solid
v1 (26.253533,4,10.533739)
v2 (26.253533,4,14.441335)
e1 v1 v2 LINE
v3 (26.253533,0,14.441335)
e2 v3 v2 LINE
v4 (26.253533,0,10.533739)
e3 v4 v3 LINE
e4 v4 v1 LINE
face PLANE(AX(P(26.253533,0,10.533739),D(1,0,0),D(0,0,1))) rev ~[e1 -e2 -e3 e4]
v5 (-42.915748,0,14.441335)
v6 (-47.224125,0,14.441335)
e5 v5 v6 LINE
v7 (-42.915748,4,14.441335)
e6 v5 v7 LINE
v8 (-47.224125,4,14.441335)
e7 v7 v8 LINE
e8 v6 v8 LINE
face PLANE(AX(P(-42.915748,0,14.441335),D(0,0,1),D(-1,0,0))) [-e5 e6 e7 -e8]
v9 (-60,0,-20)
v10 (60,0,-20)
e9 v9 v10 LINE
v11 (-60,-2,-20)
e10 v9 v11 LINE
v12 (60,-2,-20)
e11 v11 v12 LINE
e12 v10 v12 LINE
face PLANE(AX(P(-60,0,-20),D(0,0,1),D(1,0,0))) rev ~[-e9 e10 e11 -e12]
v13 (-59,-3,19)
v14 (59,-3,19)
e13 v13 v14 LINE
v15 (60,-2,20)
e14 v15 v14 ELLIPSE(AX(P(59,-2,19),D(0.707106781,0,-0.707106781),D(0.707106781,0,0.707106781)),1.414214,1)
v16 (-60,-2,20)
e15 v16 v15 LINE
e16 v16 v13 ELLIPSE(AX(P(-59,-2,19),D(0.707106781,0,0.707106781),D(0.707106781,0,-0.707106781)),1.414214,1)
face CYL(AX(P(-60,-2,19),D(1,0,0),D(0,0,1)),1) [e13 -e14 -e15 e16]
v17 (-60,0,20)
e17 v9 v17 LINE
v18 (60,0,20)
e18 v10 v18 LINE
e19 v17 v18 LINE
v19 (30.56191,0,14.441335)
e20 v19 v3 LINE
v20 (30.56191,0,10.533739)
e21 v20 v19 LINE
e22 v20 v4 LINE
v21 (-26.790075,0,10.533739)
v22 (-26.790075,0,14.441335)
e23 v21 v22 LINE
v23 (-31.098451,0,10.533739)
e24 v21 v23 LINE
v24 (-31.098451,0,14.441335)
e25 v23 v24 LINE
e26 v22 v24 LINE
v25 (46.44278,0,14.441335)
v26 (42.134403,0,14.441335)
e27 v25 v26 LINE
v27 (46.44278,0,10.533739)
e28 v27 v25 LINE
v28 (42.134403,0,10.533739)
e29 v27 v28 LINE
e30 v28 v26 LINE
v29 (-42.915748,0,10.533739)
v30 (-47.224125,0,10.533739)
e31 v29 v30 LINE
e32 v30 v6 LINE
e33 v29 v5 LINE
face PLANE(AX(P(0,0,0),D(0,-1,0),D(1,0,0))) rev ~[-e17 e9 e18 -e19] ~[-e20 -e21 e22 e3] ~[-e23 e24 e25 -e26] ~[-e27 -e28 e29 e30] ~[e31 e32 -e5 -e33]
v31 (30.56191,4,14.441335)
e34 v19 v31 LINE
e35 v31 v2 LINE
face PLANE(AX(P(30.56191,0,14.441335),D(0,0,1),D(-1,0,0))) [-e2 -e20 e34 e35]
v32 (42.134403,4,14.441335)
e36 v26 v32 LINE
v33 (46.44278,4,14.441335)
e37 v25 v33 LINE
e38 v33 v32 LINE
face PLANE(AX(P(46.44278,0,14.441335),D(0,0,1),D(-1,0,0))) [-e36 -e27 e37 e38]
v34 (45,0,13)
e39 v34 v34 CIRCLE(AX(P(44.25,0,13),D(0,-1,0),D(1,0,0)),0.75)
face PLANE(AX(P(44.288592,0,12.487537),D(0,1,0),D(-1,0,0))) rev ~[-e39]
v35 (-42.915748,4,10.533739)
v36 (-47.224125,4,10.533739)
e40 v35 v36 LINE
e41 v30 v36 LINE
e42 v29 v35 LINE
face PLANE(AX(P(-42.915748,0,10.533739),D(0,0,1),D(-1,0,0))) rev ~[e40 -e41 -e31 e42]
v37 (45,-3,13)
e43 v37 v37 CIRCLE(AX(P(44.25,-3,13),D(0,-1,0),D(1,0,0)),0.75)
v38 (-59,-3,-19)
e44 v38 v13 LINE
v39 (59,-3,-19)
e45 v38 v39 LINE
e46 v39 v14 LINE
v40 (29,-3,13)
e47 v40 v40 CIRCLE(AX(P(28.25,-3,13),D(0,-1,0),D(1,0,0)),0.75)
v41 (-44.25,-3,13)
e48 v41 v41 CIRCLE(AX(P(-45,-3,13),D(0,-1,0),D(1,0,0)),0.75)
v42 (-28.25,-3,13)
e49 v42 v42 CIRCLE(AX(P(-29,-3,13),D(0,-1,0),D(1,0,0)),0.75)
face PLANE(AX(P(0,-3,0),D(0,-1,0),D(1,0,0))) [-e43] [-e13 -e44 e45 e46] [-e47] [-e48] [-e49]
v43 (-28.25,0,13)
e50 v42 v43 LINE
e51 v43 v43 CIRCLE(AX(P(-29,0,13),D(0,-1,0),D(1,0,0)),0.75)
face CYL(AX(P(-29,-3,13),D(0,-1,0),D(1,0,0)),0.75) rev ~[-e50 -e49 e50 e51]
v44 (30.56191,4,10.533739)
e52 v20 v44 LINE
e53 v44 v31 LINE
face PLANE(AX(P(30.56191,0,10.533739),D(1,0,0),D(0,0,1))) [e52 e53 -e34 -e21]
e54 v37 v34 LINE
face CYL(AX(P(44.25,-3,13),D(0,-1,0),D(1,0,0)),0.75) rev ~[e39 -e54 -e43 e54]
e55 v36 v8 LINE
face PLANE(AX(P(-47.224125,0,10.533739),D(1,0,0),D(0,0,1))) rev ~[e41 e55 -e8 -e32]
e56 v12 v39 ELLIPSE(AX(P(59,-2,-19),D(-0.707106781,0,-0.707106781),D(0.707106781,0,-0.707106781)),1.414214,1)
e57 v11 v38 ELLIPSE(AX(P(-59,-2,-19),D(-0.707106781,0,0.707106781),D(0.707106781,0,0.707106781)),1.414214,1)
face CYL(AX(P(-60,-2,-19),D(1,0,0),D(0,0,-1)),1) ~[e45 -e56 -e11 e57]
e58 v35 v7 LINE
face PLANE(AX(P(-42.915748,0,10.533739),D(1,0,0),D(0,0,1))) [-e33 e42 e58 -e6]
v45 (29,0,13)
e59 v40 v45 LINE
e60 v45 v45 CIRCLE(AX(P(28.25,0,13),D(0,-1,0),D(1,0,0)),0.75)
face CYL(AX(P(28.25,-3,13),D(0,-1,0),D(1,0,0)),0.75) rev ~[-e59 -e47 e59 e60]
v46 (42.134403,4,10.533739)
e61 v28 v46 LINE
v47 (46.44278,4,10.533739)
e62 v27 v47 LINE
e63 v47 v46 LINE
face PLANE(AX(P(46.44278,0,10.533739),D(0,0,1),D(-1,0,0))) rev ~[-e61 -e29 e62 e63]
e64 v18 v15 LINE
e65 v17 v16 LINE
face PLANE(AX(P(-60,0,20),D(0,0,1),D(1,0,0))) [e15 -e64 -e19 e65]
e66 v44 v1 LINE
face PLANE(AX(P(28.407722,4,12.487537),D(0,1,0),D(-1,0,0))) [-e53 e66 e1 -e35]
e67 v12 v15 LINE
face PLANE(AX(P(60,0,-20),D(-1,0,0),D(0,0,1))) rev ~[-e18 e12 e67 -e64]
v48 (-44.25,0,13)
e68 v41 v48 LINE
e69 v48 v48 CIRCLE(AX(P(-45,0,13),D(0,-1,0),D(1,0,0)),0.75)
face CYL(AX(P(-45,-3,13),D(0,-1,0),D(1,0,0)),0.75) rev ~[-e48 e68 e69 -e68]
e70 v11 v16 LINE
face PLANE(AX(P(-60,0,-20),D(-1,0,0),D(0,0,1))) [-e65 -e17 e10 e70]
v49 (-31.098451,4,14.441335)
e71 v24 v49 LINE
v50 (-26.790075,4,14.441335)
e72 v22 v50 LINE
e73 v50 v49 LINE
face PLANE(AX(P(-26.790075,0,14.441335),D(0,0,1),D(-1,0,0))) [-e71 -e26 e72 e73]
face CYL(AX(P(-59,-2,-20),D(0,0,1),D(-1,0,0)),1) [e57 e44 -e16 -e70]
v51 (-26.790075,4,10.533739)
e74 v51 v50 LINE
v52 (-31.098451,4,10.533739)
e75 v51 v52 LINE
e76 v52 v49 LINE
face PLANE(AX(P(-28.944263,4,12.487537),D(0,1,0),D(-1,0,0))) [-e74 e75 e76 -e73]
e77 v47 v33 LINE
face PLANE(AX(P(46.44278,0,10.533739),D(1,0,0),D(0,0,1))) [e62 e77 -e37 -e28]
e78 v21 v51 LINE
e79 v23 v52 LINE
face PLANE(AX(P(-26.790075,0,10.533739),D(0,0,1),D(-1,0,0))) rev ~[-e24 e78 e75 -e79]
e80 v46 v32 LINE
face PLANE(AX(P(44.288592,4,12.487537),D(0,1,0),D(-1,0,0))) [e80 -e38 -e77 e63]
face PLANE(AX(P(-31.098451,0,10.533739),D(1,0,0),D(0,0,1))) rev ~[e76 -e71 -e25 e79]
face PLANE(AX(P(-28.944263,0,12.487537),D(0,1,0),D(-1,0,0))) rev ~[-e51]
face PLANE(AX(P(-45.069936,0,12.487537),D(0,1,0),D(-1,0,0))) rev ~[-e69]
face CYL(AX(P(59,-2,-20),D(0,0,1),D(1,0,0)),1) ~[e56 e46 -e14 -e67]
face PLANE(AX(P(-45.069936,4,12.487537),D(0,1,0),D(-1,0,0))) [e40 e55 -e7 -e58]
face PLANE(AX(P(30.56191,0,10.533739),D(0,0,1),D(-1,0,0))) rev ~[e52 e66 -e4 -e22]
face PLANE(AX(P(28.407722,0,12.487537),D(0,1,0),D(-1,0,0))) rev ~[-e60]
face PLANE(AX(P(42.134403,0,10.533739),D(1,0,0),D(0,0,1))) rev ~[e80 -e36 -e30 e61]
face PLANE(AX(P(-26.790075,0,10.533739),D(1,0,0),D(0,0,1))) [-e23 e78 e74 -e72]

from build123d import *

# Parameters (mm, degrees)
F0_W     = 120
F0_H     = 40
F1_DEPTH = 3
F2_R     = 1
F3_R     = 0.75
F4_DEPTH = 5.9
F5_W     = 4.308377
F5_H     = 3.907596
F5_W_2   = 4.308376
F6_DEPTH = 4


with BuildPart() as f1:
    # F0 (on Front) → F1 (new body)
    with BuildSketch(Plane.XZ):
        Rectangle(F0_W, F0_H)
    extrude(amount=F1_DEPTH)

    # F2
    f2_edges = [f1.edges().sort_by_distance(p)[0] for p in [
        (0, -3, 20),
        (-60, -3, 0),
        (0, -3, -20),
        (60, -3, 0),
    ]]
    fillet(f2_edges, radius=F2_R)

    # F3 (on face) → F4 (cut)
    with BuildSketch(Plane.XZ.offset(3)):
        with Locations((-45, 13)):
            Circle(F3_R)
        with Locations((-29, 13)):
            Circle(F3_R)
        with Locations((28.25, 13)):
            Circle(F3_R)
        with Locations((44.25, 13)):
            Circle(F3_R)
    extrude(amount=-F4_DEPTH, mode=Mode.SUBTRACT)

    # F5 (on face) → F6 (join)
    with BuildSketch(Plane(origin=(0, 0, 0), x_dir=(-1, 0, 0), z_dir=(0, 1, 0))):
        with Locations((-44.288592, 12.487537)):
            Rectangle(F5_W, F5_H)
        with Locations((-28.407722, 12.487537)):
            Rectangle(F5_W, F5_H)
        with Locations((28.944263, 12.487537)):
            Rectangle(F5_W_2, F5_H)
        with Locations((45.069936, 12.487537)):
            Rectangle(F5_W, F5_H)
    extrude(amount=F6_DEPTH)


solid = f1.part
